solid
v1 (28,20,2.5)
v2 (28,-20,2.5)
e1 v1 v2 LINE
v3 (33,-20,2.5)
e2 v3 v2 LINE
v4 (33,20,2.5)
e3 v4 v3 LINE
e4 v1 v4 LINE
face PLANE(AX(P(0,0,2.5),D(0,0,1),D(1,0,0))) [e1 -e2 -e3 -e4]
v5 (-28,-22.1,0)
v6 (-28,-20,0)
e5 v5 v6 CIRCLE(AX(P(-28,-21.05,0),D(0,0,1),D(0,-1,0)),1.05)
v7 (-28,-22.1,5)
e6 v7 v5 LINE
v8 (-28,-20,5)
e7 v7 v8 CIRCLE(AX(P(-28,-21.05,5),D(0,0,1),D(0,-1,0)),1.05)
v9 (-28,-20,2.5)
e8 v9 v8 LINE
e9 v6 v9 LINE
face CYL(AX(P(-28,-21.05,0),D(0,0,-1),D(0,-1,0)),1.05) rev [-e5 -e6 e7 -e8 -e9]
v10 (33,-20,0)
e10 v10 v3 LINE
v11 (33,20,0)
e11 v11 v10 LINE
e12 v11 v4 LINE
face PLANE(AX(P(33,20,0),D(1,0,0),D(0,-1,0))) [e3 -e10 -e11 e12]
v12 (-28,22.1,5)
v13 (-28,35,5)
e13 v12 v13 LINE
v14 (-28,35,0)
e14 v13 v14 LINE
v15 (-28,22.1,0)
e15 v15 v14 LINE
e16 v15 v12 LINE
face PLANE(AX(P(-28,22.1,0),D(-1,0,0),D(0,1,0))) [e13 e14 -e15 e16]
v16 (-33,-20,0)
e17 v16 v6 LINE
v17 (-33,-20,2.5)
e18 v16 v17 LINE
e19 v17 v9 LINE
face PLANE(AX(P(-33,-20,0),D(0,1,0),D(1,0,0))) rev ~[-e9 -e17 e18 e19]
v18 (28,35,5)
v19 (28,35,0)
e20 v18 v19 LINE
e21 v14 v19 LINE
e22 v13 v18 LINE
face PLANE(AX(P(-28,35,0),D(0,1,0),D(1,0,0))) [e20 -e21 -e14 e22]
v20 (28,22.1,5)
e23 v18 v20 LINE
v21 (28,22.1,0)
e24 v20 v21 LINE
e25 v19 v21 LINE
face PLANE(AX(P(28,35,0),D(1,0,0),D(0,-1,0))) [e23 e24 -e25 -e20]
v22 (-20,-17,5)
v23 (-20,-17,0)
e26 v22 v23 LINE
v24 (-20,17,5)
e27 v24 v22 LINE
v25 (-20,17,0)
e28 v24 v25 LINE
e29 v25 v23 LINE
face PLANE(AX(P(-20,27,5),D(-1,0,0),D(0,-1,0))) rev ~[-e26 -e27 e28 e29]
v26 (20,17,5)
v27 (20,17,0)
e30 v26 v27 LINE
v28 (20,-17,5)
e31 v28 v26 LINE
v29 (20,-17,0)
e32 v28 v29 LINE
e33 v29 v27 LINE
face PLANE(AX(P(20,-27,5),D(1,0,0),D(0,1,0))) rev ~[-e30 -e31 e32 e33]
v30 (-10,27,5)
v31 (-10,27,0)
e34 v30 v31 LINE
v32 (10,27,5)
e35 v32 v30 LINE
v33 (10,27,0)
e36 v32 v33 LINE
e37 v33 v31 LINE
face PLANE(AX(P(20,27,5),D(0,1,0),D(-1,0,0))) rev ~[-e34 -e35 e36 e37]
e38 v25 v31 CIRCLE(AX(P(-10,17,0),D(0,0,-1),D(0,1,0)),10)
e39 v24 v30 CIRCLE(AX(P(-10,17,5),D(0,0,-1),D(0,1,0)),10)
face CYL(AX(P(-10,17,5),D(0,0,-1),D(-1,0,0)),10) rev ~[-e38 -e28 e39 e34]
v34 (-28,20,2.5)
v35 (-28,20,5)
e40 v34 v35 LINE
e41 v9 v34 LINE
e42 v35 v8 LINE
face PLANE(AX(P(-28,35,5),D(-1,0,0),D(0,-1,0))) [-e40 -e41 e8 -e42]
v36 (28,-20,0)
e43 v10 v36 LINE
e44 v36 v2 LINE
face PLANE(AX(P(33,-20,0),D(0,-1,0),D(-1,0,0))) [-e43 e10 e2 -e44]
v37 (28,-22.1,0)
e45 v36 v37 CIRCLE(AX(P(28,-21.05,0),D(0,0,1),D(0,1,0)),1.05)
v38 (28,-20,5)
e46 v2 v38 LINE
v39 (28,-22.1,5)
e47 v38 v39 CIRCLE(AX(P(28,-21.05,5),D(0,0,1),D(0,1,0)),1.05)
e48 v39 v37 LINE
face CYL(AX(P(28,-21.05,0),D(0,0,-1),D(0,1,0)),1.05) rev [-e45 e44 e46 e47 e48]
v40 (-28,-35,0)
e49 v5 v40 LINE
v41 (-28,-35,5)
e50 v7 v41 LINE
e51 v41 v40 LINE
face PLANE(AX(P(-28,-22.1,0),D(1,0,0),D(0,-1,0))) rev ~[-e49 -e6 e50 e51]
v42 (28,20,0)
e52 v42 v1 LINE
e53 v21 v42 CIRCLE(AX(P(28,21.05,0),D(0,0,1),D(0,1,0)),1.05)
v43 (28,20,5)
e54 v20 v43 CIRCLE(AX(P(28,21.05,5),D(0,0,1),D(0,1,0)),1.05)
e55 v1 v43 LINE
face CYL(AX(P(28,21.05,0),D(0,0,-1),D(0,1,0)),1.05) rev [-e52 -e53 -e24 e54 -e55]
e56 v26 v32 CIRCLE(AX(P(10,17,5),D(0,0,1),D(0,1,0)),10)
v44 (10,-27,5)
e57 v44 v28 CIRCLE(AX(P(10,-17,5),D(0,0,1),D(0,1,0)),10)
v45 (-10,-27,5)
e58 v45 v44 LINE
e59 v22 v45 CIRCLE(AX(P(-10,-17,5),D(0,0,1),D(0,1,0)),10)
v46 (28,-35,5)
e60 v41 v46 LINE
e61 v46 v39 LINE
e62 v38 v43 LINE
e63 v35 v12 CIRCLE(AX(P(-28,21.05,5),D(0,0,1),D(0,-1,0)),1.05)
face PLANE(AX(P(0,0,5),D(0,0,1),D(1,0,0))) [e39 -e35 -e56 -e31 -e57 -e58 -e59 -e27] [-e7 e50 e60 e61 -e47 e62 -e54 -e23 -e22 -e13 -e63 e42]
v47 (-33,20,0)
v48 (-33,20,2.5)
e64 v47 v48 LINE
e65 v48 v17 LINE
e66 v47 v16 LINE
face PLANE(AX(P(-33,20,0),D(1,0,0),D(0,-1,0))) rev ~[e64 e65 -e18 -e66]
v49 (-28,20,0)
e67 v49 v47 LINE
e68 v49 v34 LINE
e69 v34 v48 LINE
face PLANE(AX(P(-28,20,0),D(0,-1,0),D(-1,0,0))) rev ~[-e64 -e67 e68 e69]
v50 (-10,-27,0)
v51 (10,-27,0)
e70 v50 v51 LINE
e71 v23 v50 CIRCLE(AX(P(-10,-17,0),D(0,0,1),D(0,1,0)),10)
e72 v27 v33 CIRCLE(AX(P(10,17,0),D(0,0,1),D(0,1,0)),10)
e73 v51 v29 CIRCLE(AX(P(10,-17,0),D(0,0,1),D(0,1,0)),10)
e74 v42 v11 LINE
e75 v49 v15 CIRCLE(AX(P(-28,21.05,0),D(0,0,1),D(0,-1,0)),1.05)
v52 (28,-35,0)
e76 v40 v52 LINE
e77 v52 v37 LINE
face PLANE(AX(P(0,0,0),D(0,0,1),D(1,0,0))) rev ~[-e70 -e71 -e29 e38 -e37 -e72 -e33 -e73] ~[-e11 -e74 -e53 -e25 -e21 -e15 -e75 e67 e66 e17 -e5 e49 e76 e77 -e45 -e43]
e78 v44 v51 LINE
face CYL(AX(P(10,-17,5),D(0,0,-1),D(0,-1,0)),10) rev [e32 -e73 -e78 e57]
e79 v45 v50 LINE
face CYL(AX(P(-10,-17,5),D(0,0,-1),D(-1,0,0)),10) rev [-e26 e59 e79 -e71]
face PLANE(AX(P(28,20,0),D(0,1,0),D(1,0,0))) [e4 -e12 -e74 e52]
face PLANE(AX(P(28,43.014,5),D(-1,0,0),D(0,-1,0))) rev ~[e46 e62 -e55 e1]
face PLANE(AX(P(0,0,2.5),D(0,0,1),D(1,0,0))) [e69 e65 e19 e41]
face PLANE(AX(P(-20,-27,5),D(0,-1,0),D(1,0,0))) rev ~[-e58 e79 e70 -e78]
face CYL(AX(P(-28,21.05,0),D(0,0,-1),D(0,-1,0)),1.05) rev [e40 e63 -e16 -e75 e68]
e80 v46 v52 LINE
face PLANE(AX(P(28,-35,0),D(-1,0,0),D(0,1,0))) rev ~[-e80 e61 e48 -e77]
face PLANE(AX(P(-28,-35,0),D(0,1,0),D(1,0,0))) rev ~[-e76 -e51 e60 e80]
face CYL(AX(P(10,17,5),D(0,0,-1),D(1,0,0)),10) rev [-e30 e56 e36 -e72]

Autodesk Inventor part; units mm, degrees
ref_plane "YZ Plane" through (0, 0, 0) normal (1, 0, 0) x (0, 1, 0)
ref_plane "XZ Plane" through (0, 0, 0) normal (0, 1, 0) x (-1, 0, 0)
ref_plane "XY Plane" through (0, 0, 0) normal (0, 0, 1) x (1, 0, 0)
sketch "スケッチ1" plane through (0, 0, 0) normal (0, 0, 1) x (1, 0, 0)
  line L0 (-28, -35) -> (28, -35) construction
  line L1 (28, -35) -> (28, 35) construction
  line L2 (28, 35) -> (-28, 35) construction
  line L3 (-28, 35) -> (-28, -35) construction
  line L4 (-28, -35) -> (28, 35) construction
  line L5 (28, -35) -> (-28, 35) construction
  line L6 (-28, 22.1) -> (-28, 35)
  line L7 (-28, 35) -> (28, 35)
  line L8 (28, 35) -> (28, 22.1)
  line L9 (-28, 20) -> (-33, 20)
  line L10 (-33, 20) -> (-33, -20)
  line L11 (-33, -20) -> (-28, -20)
  line L12 (-28, -22.1) -> (-28, -35)
  line L13 (-28, -35) -> (28, -35)
  line L14 (28, -35) -> (28, -22.1)
  line L15 (28, 20) -> (33, 20)
  line L16 (33, 20) -> (33, -20)
  line L17 (33, -20) -> (28, -20)
  arc A0 (-28, 20) -> (-28, 22.1) centre (-28, 21.05) ccw
  arc A1 (-28, -22.1) -> (-28, -20) centre (-28, -21.05) ccw
  arc A2 (28, -20) -> (28, -22.1) centre (28, -21.05) ccw
  line L18 (0, 0) -> (0, 35) construction
  line L19 (0, 0) -> (28, 0) construction
  arc A3 (28, 22.1) -> (28, 20) centre (28, 21.05) ccw
  dimension "d9" = 56
  dimension "d12" = 70
  dimension "d13" = 15
  dimension "d39" = 15
  dimension "d40" = 1.05
  dimension "d41" = 5
extrude "押し出し1" add sketch "スケッチ1" along normal blind 5
sketch "スケッチ2" plane through (0, 0, 5) normal (0, 0, 1) x (1, 0, 0)
  line L0 (-28, 35) -> (-28, 22.1) projected
  line L1 (28, 35) -> (-28, 35) projected
  line L2 (-67.7785, 43.014) -> (-28, 43.014)
  line L3 (-28, 43.014) -> (-28, -43.014)
  line L4 (-28, -43.014) -> (-67.7785, -43.014)
  line L5 (-67.7785, -43.014) -> (-67.7785, 43.014)
  line L6 (67.7785, 43.014) -> (28, 43.014)
  line L7 (28, 43.014) -> (28, -43.014)
  line L8 (28, -43.014) -> (67.7785, -43.014)
  line L9 (67.7785, -43.014) -> (67.7785, 43.014)
  line L10 (0, 0) -> (0, 35) construction
  line L11 (0, 0) -> (33, 0) construction
  line L12 (33, 20) -> (33, -20) construction
extrude "押し出し2" cut sketch "スケッチ2" against normal blind 2.5
sketch "スケッチ3" plane through (0, 0, 5) normal (0, 0, 1) x (1, 0, 0)
  line L0 (28, 35) -> (-28, 35) projected
  line L1 (-28, 35) -> (-28, 22.1) projected
  line L2 (-20, -27) -> (20, -27)
  line L3 (20, -27) -> (20, 27)
  line L4 (20, 27) -> (-20, 27)
  line L5 (-20, 27) -> (-20, -27)
  line L6 (-20, -27) -> (20, 27) construction
  line L7 (20, -27) -> (-20, 27) construction
  point P0 (0, 0)
  dimension "d47" = 8
  dimension "d48" = 8
extrude "押し出し3" cut sketch "スケッチ3" against normal blind 10
fillet "フィレット1" radius 10 4 edges at (-20, 27, 2.5) (20, 27, 2.5) (20, -27, 2.5) (-20, -27, 2.5)
equation "\"d12\" = d18"
equation "\"d13\" = d28"
equation "\"d39\" = d13"
equation "\"d47\" = d48"
equation "\"d18\" = 70"
equation "\"d28\" = 15"
properties part number "コックピット_2_サブフレーム_1" material "アセタール樹脂、黒"
